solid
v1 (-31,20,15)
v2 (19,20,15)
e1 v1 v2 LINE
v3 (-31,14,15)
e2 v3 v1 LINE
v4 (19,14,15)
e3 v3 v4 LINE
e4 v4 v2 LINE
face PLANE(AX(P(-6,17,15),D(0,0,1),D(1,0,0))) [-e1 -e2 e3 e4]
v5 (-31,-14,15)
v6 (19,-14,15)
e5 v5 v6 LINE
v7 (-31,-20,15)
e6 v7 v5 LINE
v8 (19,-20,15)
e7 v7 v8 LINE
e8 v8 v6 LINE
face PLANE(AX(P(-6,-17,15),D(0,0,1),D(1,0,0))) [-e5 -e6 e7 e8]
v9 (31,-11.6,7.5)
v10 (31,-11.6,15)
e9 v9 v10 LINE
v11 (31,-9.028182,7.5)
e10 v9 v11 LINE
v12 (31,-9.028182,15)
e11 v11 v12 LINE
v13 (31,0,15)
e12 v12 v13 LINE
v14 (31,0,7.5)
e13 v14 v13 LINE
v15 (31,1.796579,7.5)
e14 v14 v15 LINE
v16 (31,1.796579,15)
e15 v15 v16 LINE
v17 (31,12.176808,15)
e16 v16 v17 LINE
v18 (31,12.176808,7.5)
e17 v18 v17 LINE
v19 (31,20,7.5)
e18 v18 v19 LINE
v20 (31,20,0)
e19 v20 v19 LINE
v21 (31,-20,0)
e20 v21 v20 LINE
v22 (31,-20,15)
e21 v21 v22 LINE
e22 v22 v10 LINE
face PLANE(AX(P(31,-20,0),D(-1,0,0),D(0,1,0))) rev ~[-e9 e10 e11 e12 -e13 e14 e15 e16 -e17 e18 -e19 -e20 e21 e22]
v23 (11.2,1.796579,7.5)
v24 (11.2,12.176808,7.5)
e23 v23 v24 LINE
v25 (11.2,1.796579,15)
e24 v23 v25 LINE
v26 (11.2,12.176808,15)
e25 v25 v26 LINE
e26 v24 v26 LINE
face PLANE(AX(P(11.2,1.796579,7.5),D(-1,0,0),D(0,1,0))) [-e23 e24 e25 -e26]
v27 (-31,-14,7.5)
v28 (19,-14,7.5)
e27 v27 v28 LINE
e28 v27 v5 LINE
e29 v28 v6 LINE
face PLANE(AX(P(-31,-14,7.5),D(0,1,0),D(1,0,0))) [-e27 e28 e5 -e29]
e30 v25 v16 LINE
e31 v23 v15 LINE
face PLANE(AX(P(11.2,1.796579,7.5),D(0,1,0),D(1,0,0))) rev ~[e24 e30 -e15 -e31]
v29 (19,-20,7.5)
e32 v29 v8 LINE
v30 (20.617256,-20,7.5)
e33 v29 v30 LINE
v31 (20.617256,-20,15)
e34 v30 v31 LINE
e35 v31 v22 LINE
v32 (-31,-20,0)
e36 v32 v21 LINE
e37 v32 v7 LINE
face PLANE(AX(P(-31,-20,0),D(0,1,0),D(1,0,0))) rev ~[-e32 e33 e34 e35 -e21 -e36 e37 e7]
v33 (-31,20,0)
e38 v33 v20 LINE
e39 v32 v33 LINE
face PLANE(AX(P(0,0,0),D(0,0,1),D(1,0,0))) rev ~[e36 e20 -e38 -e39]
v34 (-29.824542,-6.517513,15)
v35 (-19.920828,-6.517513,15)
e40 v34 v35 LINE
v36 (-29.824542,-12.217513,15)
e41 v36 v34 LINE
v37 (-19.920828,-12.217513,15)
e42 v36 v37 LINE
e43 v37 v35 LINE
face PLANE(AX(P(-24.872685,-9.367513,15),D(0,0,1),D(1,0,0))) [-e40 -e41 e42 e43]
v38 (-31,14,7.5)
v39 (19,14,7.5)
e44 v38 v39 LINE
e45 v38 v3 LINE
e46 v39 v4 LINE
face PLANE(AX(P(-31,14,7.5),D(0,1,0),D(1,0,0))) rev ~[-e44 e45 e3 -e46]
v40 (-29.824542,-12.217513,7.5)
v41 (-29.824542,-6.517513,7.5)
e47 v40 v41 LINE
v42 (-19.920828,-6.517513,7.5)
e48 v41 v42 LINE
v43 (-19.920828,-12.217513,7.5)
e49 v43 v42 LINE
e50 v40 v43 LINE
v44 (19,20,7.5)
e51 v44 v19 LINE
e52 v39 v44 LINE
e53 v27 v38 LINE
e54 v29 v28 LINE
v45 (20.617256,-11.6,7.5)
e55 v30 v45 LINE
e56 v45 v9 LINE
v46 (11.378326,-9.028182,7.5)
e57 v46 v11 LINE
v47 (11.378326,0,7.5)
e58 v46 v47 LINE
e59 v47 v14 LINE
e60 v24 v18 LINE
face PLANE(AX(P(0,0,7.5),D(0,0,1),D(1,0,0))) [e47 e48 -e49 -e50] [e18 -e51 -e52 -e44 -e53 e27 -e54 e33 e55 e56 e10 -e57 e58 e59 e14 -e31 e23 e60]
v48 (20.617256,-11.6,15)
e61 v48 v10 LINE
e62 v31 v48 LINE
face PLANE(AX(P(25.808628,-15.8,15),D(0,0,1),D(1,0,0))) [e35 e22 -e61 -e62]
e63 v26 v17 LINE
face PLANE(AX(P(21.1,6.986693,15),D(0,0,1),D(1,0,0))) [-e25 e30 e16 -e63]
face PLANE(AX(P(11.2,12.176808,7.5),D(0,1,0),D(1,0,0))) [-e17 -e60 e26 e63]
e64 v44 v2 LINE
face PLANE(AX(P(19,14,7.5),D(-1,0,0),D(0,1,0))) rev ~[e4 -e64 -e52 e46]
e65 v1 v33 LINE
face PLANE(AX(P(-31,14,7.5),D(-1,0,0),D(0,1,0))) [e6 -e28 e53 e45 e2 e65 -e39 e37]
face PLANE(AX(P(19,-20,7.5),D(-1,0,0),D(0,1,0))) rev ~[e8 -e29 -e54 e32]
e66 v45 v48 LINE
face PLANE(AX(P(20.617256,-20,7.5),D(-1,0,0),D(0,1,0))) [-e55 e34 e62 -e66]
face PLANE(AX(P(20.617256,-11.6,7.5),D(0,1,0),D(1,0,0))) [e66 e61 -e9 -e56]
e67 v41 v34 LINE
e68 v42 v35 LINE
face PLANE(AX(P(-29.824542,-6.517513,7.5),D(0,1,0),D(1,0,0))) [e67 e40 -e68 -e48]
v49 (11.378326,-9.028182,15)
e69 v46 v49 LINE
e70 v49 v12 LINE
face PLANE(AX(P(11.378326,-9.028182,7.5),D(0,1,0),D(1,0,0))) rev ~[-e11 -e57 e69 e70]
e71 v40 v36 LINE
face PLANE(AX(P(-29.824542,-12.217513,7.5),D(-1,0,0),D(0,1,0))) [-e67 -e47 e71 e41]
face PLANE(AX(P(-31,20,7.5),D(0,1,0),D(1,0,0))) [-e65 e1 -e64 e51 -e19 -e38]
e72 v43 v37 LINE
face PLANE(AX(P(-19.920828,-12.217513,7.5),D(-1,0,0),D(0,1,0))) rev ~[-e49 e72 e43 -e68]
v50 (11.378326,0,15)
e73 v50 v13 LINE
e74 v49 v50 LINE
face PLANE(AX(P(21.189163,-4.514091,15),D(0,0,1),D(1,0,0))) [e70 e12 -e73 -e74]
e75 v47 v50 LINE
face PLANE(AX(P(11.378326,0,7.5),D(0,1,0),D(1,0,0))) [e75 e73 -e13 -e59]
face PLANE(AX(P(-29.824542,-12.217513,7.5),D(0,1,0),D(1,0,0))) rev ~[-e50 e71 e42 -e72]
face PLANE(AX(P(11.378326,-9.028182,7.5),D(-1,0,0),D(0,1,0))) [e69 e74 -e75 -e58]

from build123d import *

# Parameters (mm, degrees)
F0_W     = 62
F0_H     = 40
F1_DEPTH = 7.5
F2_W     = 50
F2_H     = 6
F2_W_2   = 19.8
F2_H_2   = 10.380229
F2_W_3   = 19.621674
F2_H_3   = 9.028182
F2_W_4   = 10.382744
F2_H_4   = 8.4
F2_W_5   = 9.903714
F2_H_5   = 5.7
F3_DEPTH = 7.5


with BuildPart() as f1:
    # F0 (on Top) → F1 (new body)
    with BuildSketch(Plane.XY):
        Rectangle(F0_W, F0_H)
    extrude(amount=F1_DEPTH)

    # F2 (on face) → F3 (join)
    with BuildSketch(Plane.XY.offset(7.5)):
        with Locations((-6, 17)):
            Rectangle(F2_W, F2_H)
        with Locations((-6, -17)):
            Rectangle(F2_W, F2_H)
        with Locations((21.1, 6.986693)):
            Rectangle(F2_W_2, F2_H_2)
        with Locations((21.189163, -4.514091)):
            Rectangle(F2_W_3, F2_H_3)
        with Locations((25.808628, -15.8)):
            Rectangle(F2_W_4, F2_H_4)
        with Locations((-24.872685, -9.367513)):
            Rectangle(F2_W_5, F2_H_5)
    extrude(amount=F3_DEPTH)


solid = f1.part
